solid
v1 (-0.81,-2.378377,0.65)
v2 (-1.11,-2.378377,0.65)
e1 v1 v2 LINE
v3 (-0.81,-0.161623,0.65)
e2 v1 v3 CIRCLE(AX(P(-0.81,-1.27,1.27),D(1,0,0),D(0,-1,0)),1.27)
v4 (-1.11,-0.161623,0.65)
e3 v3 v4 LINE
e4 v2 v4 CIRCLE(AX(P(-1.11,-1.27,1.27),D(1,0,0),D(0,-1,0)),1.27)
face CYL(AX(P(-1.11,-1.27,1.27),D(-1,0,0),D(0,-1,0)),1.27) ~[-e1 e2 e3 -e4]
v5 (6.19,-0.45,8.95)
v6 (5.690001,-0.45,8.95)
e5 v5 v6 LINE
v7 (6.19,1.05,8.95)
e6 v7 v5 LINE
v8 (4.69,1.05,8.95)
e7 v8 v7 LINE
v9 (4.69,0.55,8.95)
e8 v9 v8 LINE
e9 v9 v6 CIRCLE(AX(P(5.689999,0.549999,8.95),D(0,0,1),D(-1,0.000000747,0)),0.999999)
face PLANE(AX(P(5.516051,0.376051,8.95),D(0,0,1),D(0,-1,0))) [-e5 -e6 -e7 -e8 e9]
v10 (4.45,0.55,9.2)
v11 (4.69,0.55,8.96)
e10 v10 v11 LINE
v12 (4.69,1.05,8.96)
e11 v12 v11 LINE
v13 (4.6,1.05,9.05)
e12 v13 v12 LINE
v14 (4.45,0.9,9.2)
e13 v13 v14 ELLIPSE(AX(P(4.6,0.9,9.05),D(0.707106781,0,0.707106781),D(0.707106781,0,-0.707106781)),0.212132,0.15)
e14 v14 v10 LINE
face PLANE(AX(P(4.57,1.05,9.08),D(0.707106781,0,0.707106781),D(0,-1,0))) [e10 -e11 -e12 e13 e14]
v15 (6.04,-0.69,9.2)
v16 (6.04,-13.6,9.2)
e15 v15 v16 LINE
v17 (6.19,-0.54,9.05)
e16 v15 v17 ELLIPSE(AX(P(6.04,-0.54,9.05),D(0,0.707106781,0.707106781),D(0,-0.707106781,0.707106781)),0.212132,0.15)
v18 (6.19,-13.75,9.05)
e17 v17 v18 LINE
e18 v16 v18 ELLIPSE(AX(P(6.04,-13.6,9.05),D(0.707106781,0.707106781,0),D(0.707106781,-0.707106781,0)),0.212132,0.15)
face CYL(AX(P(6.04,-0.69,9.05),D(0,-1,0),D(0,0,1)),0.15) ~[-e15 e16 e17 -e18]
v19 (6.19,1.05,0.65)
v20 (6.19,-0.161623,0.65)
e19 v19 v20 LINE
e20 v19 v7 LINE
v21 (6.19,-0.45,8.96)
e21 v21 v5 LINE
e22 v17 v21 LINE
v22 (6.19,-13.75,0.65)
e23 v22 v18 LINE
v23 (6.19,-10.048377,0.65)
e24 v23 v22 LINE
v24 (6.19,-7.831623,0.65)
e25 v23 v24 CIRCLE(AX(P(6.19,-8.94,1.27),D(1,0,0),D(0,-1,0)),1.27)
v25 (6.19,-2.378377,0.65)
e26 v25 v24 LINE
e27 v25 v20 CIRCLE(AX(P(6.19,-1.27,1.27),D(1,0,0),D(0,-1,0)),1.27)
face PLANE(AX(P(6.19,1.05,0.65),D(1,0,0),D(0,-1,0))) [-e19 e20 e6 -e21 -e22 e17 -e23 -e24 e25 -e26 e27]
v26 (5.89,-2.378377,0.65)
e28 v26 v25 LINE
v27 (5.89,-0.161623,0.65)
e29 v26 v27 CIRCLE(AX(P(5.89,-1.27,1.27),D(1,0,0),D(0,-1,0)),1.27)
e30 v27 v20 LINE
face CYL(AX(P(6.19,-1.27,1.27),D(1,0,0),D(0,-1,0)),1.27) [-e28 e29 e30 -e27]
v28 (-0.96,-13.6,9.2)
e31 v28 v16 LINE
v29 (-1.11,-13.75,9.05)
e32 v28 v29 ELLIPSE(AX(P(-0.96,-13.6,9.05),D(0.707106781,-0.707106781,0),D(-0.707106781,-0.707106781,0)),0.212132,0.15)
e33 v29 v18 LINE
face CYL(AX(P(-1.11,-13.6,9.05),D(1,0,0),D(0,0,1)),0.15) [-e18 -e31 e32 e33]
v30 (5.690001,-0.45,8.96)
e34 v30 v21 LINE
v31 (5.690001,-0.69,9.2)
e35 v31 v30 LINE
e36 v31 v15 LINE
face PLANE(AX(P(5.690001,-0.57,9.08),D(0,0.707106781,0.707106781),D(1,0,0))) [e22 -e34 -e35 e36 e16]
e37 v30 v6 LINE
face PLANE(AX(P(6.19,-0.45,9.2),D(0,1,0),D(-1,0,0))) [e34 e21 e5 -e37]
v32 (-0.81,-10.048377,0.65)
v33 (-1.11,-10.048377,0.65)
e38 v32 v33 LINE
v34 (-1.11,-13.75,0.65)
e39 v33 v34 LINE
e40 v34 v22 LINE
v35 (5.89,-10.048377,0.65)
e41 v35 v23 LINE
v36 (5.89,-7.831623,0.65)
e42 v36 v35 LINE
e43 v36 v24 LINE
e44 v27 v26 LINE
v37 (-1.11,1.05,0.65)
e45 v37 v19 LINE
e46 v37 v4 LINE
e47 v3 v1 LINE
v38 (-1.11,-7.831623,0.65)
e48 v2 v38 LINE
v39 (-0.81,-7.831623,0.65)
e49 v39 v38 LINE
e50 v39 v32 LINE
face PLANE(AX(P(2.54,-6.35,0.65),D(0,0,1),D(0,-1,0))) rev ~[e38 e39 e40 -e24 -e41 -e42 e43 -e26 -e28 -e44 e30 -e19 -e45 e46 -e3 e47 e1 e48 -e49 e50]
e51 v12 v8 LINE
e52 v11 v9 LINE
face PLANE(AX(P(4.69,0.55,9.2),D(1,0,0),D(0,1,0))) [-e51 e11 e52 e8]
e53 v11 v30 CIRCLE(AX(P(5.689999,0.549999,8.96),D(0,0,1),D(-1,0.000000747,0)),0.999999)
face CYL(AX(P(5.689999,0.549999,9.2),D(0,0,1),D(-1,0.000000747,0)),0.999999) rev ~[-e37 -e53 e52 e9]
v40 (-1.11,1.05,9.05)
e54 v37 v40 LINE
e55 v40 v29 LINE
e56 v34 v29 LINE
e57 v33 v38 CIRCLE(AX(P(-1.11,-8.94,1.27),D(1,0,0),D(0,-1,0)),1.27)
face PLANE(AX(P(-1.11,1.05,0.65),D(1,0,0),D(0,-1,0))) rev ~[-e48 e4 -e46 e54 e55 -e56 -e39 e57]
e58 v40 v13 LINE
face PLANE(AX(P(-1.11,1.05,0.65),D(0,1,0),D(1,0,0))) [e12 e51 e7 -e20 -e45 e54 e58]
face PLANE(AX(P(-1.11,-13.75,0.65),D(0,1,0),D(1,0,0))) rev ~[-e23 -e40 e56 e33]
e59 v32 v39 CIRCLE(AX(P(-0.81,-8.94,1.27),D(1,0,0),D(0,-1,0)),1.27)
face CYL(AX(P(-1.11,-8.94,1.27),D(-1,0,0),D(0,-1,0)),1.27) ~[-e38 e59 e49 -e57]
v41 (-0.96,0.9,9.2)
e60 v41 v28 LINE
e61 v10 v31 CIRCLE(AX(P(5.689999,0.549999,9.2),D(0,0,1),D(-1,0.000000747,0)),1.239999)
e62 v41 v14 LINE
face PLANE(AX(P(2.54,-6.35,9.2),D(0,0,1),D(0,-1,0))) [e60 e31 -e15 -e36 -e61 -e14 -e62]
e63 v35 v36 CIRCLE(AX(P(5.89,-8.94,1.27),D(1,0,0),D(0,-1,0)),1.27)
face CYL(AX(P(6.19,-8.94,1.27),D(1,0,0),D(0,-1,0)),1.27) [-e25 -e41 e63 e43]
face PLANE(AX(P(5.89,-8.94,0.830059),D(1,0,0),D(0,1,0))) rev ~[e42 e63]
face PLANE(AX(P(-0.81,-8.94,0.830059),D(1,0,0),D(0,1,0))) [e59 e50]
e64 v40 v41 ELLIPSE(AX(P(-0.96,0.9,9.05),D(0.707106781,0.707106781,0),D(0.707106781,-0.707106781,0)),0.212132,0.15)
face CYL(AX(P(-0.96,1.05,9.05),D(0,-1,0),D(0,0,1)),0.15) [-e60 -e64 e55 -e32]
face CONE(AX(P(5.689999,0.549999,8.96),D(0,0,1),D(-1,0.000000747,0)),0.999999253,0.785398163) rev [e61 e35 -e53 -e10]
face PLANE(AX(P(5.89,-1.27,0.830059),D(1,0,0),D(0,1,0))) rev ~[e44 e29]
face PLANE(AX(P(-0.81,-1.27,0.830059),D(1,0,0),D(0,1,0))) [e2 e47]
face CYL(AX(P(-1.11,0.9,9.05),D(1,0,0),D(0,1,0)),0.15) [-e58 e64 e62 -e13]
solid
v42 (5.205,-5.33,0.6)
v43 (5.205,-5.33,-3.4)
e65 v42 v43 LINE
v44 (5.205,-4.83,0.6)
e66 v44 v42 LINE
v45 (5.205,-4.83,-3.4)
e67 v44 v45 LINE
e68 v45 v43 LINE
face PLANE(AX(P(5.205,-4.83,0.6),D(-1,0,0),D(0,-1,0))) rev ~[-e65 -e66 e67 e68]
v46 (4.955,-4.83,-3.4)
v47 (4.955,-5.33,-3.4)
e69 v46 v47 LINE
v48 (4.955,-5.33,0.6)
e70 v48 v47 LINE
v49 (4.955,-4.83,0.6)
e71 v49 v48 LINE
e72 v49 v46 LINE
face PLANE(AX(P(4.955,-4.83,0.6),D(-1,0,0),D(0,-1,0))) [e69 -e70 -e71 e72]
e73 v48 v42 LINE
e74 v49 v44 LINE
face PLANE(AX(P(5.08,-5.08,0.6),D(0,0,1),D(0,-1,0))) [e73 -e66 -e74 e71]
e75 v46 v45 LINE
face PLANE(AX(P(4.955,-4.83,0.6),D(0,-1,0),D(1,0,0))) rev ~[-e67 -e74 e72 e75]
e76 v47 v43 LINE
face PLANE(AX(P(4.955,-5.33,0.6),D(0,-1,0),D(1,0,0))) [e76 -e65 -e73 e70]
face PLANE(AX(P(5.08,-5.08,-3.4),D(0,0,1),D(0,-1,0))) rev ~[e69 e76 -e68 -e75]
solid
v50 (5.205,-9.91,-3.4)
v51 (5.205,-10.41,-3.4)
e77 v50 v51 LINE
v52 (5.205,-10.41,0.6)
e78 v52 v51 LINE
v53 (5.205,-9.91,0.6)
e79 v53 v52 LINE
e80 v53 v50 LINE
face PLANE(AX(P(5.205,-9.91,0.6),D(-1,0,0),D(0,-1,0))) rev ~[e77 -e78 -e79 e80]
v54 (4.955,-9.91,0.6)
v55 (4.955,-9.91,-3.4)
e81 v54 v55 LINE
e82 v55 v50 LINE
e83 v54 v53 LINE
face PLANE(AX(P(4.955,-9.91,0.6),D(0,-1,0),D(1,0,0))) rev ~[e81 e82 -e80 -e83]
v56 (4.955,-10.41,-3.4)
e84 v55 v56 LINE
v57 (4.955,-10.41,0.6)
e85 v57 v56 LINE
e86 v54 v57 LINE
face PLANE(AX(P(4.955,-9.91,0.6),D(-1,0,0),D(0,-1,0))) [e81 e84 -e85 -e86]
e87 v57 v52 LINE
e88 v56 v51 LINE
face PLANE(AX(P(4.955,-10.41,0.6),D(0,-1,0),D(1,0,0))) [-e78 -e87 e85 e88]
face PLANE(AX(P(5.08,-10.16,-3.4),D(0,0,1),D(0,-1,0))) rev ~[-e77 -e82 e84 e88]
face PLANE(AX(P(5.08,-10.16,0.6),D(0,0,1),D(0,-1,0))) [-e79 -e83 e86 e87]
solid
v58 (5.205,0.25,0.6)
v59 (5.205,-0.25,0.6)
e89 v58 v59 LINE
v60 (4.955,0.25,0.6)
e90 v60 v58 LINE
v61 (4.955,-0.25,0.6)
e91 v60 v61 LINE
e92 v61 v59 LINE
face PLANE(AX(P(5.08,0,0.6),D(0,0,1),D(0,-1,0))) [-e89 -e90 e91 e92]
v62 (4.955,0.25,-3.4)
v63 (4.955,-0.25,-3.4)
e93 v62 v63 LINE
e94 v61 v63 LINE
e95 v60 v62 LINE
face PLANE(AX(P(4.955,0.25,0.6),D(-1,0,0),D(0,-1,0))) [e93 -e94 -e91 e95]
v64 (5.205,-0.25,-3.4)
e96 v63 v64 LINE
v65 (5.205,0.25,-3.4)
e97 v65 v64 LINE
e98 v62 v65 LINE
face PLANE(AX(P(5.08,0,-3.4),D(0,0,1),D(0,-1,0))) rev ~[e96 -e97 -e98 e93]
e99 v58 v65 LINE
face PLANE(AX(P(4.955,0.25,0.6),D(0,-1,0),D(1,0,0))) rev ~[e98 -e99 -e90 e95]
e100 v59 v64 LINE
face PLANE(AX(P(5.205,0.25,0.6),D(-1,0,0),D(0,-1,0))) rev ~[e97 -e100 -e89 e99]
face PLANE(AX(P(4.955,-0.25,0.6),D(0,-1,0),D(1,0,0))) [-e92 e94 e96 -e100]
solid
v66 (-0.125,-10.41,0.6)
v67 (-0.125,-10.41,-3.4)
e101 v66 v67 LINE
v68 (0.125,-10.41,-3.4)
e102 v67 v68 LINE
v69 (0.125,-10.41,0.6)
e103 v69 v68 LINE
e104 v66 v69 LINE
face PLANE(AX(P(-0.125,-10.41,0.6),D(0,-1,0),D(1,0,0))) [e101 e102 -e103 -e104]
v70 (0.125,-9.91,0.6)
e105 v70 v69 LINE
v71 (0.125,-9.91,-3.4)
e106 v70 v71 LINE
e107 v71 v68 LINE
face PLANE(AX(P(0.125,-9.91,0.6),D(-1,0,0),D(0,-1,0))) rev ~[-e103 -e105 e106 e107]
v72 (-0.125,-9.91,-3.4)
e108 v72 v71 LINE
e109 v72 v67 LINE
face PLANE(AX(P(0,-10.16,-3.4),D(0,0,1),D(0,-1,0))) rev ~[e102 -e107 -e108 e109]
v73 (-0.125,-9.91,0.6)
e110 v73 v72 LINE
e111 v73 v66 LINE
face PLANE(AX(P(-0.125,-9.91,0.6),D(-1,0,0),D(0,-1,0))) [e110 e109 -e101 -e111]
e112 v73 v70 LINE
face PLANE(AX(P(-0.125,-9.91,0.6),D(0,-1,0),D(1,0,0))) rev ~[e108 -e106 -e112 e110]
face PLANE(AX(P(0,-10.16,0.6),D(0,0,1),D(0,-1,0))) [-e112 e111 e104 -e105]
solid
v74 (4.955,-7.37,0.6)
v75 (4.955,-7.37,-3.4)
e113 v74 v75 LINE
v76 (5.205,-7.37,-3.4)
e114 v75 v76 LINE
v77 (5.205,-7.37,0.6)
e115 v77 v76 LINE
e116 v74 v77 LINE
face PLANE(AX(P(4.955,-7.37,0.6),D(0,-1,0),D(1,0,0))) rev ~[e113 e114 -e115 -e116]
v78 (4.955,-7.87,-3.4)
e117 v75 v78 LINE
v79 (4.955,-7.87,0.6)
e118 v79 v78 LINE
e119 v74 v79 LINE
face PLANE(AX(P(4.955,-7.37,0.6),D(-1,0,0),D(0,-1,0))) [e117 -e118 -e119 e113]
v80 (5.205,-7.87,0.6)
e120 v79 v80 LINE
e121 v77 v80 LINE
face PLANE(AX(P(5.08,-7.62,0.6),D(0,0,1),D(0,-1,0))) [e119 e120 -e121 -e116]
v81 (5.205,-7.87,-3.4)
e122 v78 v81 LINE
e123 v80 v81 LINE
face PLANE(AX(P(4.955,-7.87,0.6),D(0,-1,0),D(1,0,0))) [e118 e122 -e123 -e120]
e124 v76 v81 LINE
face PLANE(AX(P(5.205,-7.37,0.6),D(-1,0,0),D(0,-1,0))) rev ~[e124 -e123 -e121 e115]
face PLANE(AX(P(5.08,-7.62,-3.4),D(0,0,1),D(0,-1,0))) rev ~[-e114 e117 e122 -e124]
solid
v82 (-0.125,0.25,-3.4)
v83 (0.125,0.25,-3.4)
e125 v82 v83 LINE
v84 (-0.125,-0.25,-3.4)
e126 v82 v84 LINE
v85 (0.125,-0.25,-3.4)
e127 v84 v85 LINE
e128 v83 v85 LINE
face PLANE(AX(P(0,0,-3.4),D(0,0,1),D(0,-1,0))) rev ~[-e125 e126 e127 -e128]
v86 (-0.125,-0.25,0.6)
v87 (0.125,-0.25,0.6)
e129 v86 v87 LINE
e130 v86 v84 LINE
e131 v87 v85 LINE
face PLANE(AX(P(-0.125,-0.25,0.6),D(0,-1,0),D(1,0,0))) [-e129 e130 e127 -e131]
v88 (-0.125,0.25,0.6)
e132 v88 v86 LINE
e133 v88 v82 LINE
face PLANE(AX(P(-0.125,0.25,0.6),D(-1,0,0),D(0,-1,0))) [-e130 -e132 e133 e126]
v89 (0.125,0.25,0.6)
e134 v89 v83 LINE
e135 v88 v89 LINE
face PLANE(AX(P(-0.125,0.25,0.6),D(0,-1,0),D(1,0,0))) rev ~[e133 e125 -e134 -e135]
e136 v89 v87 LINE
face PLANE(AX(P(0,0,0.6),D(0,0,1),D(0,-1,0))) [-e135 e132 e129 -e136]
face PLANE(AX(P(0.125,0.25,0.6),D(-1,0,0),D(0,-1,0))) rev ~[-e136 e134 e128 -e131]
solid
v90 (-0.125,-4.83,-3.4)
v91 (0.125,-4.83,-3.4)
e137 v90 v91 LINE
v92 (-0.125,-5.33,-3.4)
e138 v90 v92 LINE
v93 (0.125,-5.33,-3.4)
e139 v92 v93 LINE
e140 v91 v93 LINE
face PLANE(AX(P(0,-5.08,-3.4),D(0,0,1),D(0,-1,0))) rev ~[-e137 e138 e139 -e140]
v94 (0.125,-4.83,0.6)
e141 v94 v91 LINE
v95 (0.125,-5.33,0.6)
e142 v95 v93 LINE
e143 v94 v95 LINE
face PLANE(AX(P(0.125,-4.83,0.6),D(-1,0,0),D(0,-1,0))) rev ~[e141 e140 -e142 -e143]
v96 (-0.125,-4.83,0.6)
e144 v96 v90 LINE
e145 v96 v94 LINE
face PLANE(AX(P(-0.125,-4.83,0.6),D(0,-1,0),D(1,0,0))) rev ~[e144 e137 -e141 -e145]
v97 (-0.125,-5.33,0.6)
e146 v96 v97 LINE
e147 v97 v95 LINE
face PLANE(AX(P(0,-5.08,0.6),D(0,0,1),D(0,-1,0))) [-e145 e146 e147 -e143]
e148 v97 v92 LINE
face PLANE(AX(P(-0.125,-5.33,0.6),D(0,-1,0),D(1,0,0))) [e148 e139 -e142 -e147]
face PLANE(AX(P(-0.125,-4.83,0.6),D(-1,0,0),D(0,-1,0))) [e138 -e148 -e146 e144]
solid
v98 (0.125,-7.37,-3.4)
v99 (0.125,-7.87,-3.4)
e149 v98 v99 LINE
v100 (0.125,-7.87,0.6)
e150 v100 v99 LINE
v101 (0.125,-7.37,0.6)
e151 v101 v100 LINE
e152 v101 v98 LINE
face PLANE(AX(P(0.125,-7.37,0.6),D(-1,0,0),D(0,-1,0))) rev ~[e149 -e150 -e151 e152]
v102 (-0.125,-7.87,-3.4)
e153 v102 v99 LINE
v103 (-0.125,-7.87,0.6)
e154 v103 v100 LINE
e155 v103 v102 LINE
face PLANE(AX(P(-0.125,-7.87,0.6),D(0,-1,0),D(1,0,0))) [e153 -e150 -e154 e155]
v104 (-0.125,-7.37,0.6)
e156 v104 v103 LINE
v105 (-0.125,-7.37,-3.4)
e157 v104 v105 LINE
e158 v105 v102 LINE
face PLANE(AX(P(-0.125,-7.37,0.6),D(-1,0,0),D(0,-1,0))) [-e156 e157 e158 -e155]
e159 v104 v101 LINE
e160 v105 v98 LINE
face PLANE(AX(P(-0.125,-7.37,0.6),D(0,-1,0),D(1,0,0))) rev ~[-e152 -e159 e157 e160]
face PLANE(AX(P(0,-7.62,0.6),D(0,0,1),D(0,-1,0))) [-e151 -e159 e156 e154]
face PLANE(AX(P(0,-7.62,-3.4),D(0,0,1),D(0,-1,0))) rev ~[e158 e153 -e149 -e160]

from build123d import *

# Parameters (mm, degrees)
PAD002_DEPTH = 0.3
SKETCH_W     = 14.8
SKETCH_H     = 7.3
PAD_DEPTH    = 8.55
POCKET_DEPTH = 0.25
CHAMFER_SIZE = 0.24
FILLET_R     = 0.15
SKETCH001_W  = 0.5
SKETCH001_H  = 0.25
PAD001_DEPTH = 4
PAD003_DEPTH = 0.3


with BuildPart() as pad002:
    # Sketch003 → Pad002 (new body)
    with BuildSketch(Plane.YZ.offset(6.19)):
        with BuildLine():
            ThreePointArc((-10.21, 1.27), (-8.94, 0), (-7.67, 1.27))
            Line((-10.21, 1.27), (-7.67, 1.27))
        make_face()
        with BuildLine():
            ThreePointArc((-2.54, 1.27), (-1.27, 0), (0, 1.27))
            Line((-2.54, 1.27), (0, 1.27))
        make_face()
    extrude(amount=-PAD002_DEPTH)


with BuildPart() as fillet_body:
    # Sketch → Pad (new body)
    with BuildSketch(Plane(origin=(0, 0, 0.65), x_dir=(0, -1, 0), z_dir=(0, 0, 1))):
        with Locations((6.35, 2.54)):
            Rectangle(SKETCH_W, SKETCH_H)
    extrude(amount=PAD_DEPTH)

    # Sketch002 → Pocket (cut)
    with BuildSketch(Plane(origin=(0, 0, 9.2), x_dir=(0, -1, 0), z_dir=(0, 0, 1))):
        with BuildLine():
            ThreePointArc((-0.55, 4.69), (0.157107, 4.982893), (0.45, 5.690001))
            Line((0.45, 6.19), (0.45, 5.690001))
            Line((-1.05, 6.19), (0.45, 6.19))
            Line((-1.05, 4.69), (-1.05, 6.19))
            Line((-0.55, 4.69), (-1.05, 4.69))
        make_face()
    extrude(amount=-POCKET_DEPTH, mode=Mode.SUBTRACT)

    # Chamfer
    chamfer_edges = [fillet_body.edges().sort_by_distance(p)[0] for p in [
        (4.982893, -0.157107, 9.2),
        (5.94, -0.45, 9.2),
        (4.69, 0.8, 9.2),
    ]]
    chamfer(chamfer_edges, length=CHAMFER_SIZE)

    # Fillet
    fillet_edges = [fillet_body.edges().sort_by_distance(p)[0] for p in [
        (6.19, -7.22, 9.2),
        (1.67, 1.05, 9.2),
        (-1.11, -6.35, 9.2),
        (2.54, -13.75, 9.2),
    ]]
    fillet(fillet_edges, radius=FILLET_R)


with BuildPart() as pad001:
    # Sketch001 → Pad001 (new body)
    with BuildSketch(Plane(origin=(0, 0, 0.6), x_dir=(0, -1, 0), z_dir=(0, 0, 1))):
        Rectangle(SKETCH001_W, SKETCH001_H)
        with Locations((5.08, 0)):
            Rectangle(SKETCH001_W, SKETCH001_H)
        with Locations((0, 5.08)):
            Rectangle(SKETCH001_W, SKETCH001_H)
        with Locations((5.08, 5.08)):
            Rectangle(SKETCH001_W, SKETCH001_H)
        with Locations((7.62, 0)):
            Rectangle(SKETCH001_W, SKETCH001_H)
        with Locations((7.62, 5.08)):
            Rectangle(SKETCH001_W, SKETCH001_H)
        with Locations((10.16, 5.08)):
            Rectangle(SKETCH001_W, SKETCH001_H)
        with Locations((10.16, 0)):
            Rectangle(SKETCH001_W, SKETCH001_H)
    extrude(amount=-PAD001_DEPTH)


with BuildPart() as pad003_mp_cp:
    # Sketch004 → Pad003 (new body)
    with BuildSketch(Plane.YZ.offset(-1.11)):
        with BuildLine():
            ThreePointArc((-10.21, 1.27), (-8.94, 0), (-7.67, 1.27))
            Line((-10.21, 1.27), (-7.67, 1.27))
        make_face()
        with BuildLine():
            ThreePointArc((-2.54, 1.27), (-1.27, 0), (0, 1.27))
            Line((-2.54, 1.27), (0, 1.27))
        make_face()
    extrude(amount=PAD003_DEPTH)

    # Pad003_mp_cp: union Pad002, Fillet body, Pad001
    add(pad002.part)
    add(fillet_body.part)
    add(pad001.part)


solid = pad003_mp_cp.part
